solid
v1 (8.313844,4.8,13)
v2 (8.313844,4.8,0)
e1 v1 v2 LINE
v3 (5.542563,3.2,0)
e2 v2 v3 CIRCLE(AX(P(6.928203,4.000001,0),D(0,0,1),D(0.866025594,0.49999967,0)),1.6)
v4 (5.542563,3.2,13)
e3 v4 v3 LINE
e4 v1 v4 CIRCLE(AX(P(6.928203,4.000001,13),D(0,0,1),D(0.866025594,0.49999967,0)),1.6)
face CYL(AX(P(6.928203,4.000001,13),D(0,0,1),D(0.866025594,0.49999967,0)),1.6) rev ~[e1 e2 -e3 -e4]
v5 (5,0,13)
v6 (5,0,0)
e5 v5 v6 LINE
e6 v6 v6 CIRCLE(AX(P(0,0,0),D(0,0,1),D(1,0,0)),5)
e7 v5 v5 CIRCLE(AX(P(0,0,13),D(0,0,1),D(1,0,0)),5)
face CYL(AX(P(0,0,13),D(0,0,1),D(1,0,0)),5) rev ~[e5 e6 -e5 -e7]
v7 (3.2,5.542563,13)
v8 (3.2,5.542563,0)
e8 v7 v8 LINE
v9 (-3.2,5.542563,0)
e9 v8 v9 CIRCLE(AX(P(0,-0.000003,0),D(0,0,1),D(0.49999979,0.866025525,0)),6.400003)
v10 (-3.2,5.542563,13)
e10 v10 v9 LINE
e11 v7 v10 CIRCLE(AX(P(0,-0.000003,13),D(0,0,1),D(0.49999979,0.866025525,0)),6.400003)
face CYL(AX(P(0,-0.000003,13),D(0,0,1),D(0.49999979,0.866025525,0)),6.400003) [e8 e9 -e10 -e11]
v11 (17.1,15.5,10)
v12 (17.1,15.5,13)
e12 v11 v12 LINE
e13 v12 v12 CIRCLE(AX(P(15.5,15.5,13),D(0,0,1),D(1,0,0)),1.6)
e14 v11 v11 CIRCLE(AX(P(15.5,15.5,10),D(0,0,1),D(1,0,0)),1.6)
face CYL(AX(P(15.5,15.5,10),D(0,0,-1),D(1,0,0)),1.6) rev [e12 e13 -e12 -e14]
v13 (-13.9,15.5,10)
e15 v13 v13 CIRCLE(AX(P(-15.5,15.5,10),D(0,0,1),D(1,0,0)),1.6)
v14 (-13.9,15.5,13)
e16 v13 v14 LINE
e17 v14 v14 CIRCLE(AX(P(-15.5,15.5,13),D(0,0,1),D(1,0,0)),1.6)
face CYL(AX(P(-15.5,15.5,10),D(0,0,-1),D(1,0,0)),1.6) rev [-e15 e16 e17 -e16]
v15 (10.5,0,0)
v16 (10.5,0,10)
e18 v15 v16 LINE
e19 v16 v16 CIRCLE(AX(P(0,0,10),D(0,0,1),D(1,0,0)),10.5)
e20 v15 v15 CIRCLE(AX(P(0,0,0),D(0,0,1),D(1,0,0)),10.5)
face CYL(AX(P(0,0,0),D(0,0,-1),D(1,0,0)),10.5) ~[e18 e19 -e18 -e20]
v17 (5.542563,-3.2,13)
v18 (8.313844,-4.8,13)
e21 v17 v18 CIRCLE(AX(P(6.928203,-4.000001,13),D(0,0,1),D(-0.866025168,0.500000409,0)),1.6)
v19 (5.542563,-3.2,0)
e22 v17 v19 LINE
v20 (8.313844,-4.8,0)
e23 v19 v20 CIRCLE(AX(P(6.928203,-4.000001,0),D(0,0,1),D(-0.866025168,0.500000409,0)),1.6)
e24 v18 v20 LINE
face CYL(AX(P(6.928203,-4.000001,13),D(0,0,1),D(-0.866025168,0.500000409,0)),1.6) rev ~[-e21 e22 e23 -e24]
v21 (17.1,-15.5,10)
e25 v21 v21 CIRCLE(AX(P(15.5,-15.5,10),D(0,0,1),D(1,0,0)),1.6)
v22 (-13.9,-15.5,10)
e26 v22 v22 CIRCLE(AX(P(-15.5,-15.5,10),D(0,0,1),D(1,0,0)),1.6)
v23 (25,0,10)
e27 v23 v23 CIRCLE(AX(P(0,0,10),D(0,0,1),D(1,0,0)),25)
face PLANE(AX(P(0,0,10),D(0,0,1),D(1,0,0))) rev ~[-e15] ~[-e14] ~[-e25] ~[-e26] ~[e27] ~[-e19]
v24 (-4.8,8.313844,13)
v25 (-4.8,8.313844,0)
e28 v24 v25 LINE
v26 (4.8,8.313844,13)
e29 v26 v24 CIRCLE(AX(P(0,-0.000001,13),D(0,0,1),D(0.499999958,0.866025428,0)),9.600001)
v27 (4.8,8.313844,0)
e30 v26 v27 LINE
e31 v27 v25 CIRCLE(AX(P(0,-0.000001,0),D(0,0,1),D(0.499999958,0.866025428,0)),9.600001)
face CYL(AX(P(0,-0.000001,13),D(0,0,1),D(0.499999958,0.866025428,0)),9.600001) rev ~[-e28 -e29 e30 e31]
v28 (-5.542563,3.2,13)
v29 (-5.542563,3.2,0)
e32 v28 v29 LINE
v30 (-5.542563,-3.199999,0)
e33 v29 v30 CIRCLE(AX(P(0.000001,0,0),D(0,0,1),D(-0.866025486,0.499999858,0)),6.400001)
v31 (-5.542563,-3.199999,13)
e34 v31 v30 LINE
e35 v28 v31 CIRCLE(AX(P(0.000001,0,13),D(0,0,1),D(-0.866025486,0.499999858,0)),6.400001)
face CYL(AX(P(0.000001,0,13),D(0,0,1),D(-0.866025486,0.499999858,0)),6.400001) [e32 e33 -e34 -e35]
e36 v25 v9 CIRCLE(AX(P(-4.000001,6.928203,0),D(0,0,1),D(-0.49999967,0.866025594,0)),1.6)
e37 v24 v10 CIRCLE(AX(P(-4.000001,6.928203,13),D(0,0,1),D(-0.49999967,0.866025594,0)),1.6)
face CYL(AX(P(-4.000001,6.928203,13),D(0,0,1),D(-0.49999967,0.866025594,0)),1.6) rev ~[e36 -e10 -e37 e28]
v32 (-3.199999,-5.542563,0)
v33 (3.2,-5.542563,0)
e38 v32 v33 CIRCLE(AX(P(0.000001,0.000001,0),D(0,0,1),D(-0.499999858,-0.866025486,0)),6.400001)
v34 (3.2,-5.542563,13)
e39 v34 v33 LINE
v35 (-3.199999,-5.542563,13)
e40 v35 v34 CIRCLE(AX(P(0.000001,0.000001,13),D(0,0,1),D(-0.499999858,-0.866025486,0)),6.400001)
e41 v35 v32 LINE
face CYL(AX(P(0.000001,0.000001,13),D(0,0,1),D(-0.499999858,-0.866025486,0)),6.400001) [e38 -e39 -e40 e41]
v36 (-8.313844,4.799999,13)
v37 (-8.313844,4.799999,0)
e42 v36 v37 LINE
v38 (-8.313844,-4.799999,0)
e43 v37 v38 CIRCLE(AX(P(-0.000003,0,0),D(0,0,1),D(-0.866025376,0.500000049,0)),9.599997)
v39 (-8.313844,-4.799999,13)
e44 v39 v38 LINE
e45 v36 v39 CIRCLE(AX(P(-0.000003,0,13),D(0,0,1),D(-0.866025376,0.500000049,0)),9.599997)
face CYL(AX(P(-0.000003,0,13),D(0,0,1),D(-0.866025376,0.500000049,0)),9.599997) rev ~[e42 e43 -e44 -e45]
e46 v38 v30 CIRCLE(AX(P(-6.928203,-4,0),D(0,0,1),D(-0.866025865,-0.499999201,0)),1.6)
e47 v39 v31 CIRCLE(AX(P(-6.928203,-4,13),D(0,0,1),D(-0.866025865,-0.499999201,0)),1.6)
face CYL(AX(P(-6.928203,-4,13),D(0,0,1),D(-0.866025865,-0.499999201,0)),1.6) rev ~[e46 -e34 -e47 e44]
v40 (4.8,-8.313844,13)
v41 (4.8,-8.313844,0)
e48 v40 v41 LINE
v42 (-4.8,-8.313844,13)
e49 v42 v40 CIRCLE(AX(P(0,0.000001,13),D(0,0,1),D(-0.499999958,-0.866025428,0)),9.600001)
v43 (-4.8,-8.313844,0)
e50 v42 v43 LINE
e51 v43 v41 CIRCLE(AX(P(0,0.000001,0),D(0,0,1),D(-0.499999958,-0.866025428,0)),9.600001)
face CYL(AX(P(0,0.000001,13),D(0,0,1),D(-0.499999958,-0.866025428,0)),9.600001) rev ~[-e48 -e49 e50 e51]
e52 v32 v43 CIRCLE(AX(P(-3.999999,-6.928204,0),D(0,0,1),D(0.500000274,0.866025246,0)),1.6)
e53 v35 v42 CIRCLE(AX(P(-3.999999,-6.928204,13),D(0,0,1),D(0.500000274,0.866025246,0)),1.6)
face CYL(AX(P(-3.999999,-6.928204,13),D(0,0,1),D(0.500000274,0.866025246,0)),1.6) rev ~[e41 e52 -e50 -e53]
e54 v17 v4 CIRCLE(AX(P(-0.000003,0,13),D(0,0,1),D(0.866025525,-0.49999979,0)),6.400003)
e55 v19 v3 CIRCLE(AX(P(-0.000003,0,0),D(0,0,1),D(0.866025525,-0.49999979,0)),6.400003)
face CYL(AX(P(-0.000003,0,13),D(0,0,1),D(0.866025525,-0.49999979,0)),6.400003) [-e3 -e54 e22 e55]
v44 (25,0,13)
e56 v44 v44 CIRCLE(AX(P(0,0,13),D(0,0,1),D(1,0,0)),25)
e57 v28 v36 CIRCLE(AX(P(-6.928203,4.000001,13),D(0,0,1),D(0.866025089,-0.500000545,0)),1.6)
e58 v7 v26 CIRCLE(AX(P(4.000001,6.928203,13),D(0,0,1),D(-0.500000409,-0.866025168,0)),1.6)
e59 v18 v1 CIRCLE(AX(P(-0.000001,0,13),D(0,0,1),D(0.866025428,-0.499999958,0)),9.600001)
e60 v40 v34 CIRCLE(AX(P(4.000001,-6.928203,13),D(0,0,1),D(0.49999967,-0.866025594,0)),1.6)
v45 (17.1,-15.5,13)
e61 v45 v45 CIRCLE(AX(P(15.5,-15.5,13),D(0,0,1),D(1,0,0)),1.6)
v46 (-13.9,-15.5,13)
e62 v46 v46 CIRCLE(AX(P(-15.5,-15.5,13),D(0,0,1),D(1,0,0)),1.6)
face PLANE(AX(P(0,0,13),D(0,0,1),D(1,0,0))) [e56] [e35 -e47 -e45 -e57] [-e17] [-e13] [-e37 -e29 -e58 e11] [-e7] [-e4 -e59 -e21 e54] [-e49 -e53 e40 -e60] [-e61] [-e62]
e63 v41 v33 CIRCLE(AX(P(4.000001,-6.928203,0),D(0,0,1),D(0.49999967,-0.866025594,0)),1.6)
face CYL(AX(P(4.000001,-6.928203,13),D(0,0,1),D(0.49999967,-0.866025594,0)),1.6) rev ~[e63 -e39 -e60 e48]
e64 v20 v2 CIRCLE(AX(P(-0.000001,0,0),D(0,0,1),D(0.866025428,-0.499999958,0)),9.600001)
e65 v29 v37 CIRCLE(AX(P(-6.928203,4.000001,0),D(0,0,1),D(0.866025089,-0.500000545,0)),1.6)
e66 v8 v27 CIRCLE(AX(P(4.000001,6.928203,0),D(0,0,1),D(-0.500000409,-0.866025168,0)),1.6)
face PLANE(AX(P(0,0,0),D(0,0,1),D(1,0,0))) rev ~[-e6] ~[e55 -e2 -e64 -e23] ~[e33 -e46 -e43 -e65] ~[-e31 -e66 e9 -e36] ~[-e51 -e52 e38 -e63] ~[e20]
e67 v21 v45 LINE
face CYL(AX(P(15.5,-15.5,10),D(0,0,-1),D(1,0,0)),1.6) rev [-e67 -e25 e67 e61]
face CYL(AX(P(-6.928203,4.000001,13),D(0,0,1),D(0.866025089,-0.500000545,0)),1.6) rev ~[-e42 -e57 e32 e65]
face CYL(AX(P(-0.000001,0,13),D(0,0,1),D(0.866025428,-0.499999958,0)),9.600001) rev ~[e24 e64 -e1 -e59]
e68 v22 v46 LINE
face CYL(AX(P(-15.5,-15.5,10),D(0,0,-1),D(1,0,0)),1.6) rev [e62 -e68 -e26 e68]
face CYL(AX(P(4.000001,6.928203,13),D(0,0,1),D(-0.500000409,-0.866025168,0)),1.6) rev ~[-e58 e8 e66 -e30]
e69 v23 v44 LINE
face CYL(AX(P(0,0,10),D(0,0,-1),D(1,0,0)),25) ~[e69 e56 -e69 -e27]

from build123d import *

# Parameters (mm, degrees)
SKETCH_R        = 10.5
PAD_DEPTH       = 10
SKETCH001_R     = 25
SKETCH001_R_2   = 1.6
PAD001_DEPTH    = 3
SKETCH002_R     = 5
POCKET_DEPTH    = 13.001
POCKET001_DEPTH = 13.001


with BuildPart() as part:
    # Sketch → Pad (new body)
    with BuildSketch(Plane.XY):
        Circle(SKETCH_R)
    extrude(amount=PAD_DEPTH)

    # Sketch001 (on Face3 of Pad) → Pad001 (join)
    with BuildSketch(Plane.XY.offset(10)):
        Circle(SKETCH001_R)
        with Locations((-15.5, -15.5)):
            Circle(SKETCH001_R_2, mode=Mode.SUBTRACT)
        with Locations((15.5, -15.5)):
            Circle(SKETCH001_R_2, mode=Mode.SUBTRACT)
        with Locations((15.5, 15.5)):
            Circle(SKETCH001_R_2, mode=Mode.SUBTRACT)
        with Locations((-15.5, 15.5)):
            Circle(SKETCH001_R_2, mode=Mode.SUBTRACT)
    extrude(amount=PAD001_DEPTH)

    # Sketch002 (on Face3 of Pad001) → Pocket (cut, through all)
    with BuildSketch(Plane.XY.offset(13)):
        Circle(SKETCH002_R)
    extrude(amount=-POCKET_DEPTH, mode=Mode.SUBTRACT)

    # Sketch003 (on Face3 of Pocket) → Pocket001 (cut, through all)
    with BuildSketch(Plane.XY.offset(13)):
        with BuildLine():
            ThreePointArc((3.2, 5.542563), (5.385641, 6.128203), (4.8, 8.313844))
            ThreePointArc((4.8, 8.313844), (0, 9.6), (-4.8, 8.313844))
            ThreePointArc((-4.8, 8.313844), (-5.385641, 6.128203), (-3.2, 5.542563))
            ThreePointArc((3.2, 5.542563), (0, 6.4), (-3.2, 5.542563))
        make_face()
        with BuildLine():
            ThreePointArc((8.313844, 4.8), (6.128203, 5.385641), (5.542563, 3.2))
            ThreePointArc((5.542563, -3.2), (6.4, 0), (5.542563, 3.2))
            ThreePointArc((5.542563, -3.2), (6.128203, -5.385641), (8.313844, -4.8))
            ThreePointArc((8.313844, -4.8), (9.6, 0), (8.313844, 4.8))
        make_face()
        with BuildLine():
            ThreePointArc((-5.542563, 3.2), (-6.128203, 5.385641), (-8.313844, 4.799999))
            ThreePointArc((-8.313844, 4.799999), (-9.6, 0), (-8.313844, -4.799999))
            ThreePointArc((-8.313844, -4.799999), (-6.128203, -5.385641), (-5.542563, -3.199999))
            ThreePointArc((-5.542563, 3.2), (-6.4, 0), (-5.542563, -3.199999))
        make_face()
        with BuildLine():
            ThreePointArc((4.8, -8.313844), (5.385641, -6.128203), (3.2, -5.542563))
            ThreePointArc((-3.199999, -5.542563), (0, -6.4), (3.2, -5.542563))
            ThreePointArc((-3.199999, -5.542563), (-5.38564, -6.128203), (-4.8, -8.313844))
            ThreePointArc((-4.8, -8.313844), (0, -9.6), (4.8, -8.313844))
        make_face()
    extrude(amount=-POCKET001_DEPTH, mode=Mode.SUBTRACT)


solid = part.part
